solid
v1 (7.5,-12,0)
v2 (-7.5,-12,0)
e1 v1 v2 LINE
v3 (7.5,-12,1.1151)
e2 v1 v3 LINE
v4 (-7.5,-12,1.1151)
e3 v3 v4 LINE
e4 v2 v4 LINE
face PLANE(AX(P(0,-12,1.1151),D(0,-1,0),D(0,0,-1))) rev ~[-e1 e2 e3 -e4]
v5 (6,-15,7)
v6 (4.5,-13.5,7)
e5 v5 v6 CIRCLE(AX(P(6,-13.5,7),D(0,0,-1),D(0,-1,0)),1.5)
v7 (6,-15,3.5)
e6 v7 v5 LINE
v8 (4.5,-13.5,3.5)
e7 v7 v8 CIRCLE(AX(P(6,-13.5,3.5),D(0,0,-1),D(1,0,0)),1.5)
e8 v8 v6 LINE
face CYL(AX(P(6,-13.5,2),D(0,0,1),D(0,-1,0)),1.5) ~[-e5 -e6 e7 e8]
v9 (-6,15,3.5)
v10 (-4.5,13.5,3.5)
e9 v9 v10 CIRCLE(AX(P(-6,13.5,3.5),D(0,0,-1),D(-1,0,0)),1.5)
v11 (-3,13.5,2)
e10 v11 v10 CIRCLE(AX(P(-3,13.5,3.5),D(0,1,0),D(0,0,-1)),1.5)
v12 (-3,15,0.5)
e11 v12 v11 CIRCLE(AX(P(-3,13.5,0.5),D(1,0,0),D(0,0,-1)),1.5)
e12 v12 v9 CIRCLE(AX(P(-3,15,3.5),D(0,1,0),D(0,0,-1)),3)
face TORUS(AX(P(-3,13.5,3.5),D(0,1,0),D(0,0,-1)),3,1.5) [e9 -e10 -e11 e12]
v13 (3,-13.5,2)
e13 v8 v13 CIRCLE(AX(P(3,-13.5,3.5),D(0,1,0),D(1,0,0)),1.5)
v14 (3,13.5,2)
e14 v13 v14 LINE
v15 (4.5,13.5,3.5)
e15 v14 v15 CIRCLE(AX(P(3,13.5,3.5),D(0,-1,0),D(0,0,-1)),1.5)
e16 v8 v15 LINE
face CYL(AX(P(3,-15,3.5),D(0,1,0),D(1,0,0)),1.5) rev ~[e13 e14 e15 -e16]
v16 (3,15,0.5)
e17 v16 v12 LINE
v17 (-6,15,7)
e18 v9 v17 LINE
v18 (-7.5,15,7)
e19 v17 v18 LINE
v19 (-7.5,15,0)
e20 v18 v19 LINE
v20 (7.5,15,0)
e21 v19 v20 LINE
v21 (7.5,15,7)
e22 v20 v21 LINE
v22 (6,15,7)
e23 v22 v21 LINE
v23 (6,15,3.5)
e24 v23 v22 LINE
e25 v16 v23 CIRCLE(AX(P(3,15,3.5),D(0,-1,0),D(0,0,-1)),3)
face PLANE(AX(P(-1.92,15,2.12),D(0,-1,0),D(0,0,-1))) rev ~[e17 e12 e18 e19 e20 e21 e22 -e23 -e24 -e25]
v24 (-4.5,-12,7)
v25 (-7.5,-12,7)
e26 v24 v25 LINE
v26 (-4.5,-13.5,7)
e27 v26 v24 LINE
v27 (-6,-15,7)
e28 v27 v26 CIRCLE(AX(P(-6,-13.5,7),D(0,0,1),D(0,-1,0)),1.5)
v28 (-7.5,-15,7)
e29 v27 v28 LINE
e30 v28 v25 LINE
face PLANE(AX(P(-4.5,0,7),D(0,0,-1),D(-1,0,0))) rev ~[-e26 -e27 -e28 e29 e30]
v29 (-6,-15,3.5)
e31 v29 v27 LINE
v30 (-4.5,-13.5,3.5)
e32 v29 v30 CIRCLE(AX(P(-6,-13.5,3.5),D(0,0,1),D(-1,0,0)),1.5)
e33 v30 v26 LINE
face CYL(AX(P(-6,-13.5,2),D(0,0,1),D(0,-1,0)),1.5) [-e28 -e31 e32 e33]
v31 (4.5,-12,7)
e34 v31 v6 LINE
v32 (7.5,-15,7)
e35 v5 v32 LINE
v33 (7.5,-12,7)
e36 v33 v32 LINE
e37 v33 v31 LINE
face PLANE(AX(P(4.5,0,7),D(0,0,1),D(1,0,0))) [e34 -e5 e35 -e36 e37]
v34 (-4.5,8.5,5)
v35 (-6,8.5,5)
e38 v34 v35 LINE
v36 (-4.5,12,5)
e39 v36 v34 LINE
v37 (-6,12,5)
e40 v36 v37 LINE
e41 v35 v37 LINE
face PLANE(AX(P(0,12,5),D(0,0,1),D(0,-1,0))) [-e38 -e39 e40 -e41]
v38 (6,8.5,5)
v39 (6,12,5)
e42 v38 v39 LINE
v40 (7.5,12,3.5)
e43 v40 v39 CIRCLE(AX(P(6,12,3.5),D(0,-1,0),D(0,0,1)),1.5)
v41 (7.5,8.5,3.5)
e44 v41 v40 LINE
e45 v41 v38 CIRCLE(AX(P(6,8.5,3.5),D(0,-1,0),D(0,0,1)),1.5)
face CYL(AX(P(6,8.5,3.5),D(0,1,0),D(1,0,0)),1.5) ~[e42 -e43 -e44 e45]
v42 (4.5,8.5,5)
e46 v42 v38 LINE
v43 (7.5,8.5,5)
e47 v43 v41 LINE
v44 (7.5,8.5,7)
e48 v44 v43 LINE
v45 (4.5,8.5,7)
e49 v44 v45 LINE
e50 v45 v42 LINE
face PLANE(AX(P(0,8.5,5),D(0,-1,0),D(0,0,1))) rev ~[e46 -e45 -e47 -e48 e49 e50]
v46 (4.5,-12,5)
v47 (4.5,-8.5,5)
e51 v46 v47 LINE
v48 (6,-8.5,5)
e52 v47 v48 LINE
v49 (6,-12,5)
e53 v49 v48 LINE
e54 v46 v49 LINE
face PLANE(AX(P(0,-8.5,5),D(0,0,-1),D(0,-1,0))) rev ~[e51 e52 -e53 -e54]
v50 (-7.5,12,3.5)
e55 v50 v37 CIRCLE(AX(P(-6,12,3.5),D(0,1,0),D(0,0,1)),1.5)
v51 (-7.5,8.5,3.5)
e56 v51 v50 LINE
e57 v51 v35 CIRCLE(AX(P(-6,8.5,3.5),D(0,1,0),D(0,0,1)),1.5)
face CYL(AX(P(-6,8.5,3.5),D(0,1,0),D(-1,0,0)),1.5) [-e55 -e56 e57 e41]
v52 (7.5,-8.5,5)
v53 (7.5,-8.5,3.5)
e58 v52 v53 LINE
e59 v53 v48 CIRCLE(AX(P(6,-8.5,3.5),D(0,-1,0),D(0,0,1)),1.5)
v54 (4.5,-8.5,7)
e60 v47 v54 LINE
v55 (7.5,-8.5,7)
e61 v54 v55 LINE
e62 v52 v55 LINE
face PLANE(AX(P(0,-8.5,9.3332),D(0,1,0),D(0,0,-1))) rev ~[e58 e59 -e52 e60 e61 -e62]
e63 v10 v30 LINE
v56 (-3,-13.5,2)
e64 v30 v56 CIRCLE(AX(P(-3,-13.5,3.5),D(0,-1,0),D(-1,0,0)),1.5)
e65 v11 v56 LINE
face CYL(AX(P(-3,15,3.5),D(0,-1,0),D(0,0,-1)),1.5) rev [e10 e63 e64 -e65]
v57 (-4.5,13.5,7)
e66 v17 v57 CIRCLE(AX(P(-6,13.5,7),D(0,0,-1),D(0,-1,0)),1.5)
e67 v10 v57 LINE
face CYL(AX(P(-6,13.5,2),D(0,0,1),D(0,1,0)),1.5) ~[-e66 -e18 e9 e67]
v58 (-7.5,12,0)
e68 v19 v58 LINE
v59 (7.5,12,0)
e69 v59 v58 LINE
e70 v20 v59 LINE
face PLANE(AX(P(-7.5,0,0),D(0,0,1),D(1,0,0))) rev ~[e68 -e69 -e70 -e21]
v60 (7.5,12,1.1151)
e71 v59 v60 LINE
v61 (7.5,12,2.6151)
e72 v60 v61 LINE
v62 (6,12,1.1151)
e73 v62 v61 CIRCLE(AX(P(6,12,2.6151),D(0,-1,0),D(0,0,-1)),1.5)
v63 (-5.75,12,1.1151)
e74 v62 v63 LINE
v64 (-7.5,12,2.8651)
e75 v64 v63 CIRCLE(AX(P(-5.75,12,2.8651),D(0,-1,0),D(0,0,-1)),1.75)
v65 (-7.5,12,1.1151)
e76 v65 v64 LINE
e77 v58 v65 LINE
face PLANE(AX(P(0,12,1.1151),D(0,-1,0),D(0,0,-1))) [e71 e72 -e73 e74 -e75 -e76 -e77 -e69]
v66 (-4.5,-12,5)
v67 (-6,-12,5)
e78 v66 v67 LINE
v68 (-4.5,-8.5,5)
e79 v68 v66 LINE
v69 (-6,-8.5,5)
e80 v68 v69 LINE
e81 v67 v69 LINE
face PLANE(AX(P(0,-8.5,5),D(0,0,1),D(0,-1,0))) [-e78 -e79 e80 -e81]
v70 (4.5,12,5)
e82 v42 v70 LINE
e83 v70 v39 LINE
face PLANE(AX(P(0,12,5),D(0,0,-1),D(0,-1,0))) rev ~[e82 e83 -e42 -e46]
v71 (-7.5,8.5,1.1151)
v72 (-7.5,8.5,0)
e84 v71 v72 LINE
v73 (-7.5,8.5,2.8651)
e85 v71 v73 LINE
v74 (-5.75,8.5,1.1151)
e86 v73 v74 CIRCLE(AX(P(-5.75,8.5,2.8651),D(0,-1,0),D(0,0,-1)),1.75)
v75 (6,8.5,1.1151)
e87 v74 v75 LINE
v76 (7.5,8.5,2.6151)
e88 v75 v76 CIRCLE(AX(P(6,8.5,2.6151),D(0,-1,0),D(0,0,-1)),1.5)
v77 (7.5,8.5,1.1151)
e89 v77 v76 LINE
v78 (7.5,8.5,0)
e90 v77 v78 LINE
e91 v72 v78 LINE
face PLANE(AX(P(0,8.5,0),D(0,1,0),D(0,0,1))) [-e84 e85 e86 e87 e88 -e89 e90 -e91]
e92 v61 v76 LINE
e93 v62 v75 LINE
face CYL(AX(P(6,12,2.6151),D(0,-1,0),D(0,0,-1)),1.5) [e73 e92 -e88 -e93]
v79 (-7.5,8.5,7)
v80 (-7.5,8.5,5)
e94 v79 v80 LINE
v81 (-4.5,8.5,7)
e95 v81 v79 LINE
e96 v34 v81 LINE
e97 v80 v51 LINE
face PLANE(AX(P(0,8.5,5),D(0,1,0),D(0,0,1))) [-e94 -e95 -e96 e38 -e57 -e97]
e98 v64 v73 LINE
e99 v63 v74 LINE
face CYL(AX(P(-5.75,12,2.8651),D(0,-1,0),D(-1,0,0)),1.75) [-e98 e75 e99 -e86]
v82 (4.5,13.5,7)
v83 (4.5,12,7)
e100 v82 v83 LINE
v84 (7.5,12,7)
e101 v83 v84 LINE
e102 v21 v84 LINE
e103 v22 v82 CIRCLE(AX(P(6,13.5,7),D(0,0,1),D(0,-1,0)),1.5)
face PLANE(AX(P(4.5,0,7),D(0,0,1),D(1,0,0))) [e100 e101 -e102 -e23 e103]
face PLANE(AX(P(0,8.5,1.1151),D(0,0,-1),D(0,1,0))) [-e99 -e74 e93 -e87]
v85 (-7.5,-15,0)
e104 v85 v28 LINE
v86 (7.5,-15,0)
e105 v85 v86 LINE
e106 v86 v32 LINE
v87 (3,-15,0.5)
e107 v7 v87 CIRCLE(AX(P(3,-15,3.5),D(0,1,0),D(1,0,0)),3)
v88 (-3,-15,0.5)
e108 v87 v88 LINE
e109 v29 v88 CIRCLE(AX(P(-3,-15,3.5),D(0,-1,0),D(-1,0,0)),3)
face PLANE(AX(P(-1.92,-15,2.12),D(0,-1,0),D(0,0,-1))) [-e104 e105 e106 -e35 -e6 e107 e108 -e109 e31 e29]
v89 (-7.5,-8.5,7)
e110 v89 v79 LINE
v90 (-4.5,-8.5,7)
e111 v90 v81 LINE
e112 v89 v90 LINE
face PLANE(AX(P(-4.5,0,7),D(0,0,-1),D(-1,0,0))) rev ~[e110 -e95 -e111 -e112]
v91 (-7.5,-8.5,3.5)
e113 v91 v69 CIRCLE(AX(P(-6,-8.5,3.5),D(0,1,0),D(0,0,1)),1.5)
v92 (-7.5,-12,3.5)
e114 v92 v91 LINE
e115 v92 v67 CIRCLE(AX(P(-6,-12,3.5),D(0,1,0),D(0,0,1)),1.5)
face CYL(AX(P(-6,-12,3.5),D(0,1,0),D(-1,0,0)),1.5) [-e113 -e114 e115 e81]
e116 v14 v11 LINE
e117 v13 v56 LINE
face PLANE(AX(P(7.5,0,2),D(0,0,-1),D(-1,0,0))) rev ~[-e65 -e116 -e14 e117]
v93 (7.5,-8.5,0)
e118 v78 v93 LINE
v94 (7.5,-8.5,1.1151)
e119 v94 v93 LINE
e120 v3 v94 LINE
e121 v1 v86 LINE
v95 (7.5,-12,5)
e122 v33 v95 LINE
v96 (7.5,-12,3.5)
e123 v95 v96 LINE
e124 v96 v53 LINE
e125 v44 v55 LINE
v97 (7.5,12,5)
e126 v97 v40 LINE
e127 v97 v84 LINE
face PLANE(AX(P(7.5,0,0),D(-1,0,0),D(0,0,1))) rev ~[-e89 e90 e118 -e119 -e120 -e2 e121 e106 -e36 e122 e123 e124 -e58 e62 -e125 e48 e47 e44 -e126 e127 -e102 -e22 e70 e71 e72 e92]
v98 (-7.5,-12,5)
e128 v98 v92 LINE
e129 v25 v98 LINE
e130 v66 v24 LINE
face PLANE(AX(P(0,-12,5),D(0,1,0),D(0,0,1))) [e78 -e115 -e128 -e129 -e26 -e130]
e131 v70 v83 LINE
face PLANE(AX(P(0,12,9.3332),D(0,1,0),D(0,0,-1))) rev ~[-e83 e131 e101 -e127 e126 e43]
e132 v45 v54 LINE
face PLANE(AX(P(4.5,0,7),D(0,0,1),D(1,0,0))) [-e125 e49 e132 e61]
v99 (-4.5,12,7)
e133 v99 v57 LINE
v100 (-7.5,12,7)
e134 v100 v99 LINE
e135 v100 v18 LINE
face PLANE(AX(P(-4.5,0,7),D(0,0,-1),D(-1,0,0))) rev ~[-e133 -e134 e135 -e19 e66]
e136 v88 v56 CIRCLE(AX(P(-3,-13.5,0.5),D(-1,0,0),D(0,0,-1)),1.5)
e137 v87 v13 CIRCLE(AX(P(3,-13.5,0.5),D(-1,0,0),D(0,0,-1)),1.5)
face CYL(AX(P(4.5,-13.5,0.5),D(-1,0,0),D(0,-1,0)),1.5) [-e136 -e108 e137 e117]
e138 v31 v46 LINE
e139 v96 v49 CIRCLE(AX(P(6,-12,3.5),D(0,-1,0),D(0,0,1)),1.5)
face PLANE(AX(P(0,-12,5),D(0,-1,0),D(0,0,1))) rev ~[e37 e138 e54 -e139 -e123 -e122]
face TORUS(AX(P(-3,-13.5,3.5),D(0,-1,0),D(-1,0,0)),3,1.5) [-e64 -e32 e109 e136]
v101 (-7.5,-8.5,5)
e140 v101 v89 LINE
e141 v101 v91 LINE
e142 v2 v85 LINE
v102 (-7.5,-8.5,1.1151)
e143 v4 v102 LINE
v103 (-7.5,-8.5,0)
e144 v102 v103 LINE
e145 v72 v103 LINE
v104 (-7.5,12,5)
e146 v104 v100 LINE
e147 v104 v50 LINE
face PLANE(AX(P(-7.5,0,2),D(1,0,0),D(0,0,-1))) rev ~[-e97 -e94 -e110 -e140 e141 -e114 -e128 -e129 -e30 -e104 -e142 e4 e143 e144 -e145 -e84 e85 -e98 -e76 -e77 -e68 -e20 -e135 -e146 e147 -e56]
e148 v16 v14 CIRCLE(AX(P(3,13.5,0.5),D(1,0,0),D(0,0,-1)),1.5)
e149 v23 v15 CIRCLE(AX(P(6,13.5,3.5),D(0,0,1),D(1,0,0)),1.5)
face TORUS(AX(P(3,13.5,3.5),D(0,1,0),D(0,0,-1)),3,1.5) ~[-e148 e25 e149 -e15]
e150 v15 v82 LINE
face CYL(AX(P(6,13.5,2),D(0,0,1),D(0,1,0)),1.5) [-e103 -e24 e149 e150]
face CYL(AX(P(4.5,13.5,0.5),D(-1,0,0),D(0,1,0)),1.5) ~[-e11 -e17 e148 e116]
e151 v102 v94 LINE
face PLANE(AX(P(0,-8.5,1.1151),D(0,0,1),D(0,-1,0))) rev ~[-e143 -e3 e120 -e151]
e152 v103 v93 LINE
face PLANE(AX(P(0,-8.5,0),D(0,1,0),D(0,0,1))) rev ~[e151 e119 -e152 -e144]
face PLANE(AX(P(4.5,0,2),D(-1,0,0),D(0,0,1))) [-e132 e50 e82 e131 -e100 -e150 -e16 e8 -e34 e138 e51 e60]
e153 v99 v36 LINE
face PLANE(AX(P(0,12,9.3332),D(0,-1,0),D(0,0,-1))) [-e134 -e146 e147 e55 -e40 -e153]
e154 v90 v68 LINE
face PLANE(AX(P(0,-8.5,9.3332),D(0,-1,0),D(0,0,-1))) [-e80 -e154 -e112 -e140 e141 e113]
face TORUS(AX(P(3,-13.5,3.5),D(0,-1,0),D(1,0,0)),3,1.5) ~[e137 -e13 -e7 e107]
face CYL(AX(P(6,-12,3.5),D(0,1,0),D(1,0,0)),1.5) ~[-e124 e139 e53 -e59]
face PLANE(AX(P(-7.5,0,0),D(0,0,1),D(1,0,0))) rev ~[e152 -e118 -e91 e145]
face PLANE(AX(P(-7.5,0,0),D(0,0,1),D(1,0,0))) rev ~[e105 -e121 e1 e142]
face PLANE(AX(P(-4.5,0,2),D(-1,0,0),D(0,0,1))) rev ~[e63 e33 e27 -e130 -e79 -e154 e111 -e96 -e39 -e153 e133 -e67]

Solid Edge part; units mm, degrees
sketch "Sketch1" plane through (0, 0, 0) normal (0, -1, 0) x (1, 0, 0)
  line L0 (7.5, 2) -> (4.5, 2)
  line L1 (4.5, 2) -> (4.5, 7)
  line L2 (4.5, 7) -> (7.5, 7)
  line L3 (7.5, 7) -> (7.5, 2)
  line L4 (-4.5, 2) -> (-4.5, 7)
  line L5 (-4.5, 7) -> (-7.5, 7)
  line L6 (-7.5, 7) -> (-7.5, 2)
  line L7 (-7.5, 2) -> (-4.5, 2)
  line L8 (7.5, 2) -> (-7.5, 2)
  line L9 (-7.5, 2) -> (-7.5, 0)
  line L10 (-7.5, 0) -> (7.5, 0)
  line L11 (7.5, 0) -> (7.5, 2)
  dimension "D1" = 9
  dimension "D2" = 3
  dimension "D3" = 2
  dimension "D4" = 5
extrude "Protrusion1" add sketch "Sketch1" along normal mid plane 30
sketch "Sketch2" plane through (0, 0, 0) normal (1, 0, 0) x (0, 1, 0)
  line L0 (-12, 0) -> (-8.5, 0)
  line L1 (-8.5, 0) -> (-8.5, 1.1151)
  line L2 (-8.5, 1.1151) -> (-12, 1.1151)
  line L3 (-12, 1.1151) -> (-12, 0)
  line L4 (8.5, 5) -> (8.5, 9.3332)
  line L5 (8.5, 9.3332) -> (12, 9.3332)
  line L6 (12, 9.3332) -> (12, 5)
  line L7 (12, 5) -> (8.5, 5)
  line L8 (8.5, 1.1151) -> (12, 1.1151)
  line L9 (12, 1.1151) -> (12, 0)
  line L10 (12, 0) -> (8.5, 0)
  line L11 (8.5, 0) -> (8.5, 1.1151)
  line L12 (-8.5, 9.3332) -> (-8.5, 5)
  line L13 (-8.5, 5) -> (-12, 5)
  line L14 (-12, 5) -> (-12, 9.3332)
  line L15 (-12, 9.3332) -> (-8.5, 9.3332)
  dimension "D1" = 3.5
  dimension "D2" = 1.5
  dimension "D3" = 3
  dimension "D4" = 3
extrude "Cutout1" cut sketch "Sketch2" against normal up to next and the other way up to next
fillet "Round_1" radius 1.75 1 edges at (-7.5, 10.25, 1.1151)
fillet "Round_1" radius 1.5 13 edges at (-4.5, 0, 2) (4.5, 0, 2) (0, 15, 2) (-4.5, 15, 4.5) (4.5, 15, 4.5) (-4.5, -15, 4.5) (4.5, -15, 4.5) (0, -15, 2) (-7.5, -10.25, 5) (7.5, -10.25, 5) (7.5, 10.25, 5) (-7.5, 10.25, 5) (7.5, 10.25, 1.1151)
